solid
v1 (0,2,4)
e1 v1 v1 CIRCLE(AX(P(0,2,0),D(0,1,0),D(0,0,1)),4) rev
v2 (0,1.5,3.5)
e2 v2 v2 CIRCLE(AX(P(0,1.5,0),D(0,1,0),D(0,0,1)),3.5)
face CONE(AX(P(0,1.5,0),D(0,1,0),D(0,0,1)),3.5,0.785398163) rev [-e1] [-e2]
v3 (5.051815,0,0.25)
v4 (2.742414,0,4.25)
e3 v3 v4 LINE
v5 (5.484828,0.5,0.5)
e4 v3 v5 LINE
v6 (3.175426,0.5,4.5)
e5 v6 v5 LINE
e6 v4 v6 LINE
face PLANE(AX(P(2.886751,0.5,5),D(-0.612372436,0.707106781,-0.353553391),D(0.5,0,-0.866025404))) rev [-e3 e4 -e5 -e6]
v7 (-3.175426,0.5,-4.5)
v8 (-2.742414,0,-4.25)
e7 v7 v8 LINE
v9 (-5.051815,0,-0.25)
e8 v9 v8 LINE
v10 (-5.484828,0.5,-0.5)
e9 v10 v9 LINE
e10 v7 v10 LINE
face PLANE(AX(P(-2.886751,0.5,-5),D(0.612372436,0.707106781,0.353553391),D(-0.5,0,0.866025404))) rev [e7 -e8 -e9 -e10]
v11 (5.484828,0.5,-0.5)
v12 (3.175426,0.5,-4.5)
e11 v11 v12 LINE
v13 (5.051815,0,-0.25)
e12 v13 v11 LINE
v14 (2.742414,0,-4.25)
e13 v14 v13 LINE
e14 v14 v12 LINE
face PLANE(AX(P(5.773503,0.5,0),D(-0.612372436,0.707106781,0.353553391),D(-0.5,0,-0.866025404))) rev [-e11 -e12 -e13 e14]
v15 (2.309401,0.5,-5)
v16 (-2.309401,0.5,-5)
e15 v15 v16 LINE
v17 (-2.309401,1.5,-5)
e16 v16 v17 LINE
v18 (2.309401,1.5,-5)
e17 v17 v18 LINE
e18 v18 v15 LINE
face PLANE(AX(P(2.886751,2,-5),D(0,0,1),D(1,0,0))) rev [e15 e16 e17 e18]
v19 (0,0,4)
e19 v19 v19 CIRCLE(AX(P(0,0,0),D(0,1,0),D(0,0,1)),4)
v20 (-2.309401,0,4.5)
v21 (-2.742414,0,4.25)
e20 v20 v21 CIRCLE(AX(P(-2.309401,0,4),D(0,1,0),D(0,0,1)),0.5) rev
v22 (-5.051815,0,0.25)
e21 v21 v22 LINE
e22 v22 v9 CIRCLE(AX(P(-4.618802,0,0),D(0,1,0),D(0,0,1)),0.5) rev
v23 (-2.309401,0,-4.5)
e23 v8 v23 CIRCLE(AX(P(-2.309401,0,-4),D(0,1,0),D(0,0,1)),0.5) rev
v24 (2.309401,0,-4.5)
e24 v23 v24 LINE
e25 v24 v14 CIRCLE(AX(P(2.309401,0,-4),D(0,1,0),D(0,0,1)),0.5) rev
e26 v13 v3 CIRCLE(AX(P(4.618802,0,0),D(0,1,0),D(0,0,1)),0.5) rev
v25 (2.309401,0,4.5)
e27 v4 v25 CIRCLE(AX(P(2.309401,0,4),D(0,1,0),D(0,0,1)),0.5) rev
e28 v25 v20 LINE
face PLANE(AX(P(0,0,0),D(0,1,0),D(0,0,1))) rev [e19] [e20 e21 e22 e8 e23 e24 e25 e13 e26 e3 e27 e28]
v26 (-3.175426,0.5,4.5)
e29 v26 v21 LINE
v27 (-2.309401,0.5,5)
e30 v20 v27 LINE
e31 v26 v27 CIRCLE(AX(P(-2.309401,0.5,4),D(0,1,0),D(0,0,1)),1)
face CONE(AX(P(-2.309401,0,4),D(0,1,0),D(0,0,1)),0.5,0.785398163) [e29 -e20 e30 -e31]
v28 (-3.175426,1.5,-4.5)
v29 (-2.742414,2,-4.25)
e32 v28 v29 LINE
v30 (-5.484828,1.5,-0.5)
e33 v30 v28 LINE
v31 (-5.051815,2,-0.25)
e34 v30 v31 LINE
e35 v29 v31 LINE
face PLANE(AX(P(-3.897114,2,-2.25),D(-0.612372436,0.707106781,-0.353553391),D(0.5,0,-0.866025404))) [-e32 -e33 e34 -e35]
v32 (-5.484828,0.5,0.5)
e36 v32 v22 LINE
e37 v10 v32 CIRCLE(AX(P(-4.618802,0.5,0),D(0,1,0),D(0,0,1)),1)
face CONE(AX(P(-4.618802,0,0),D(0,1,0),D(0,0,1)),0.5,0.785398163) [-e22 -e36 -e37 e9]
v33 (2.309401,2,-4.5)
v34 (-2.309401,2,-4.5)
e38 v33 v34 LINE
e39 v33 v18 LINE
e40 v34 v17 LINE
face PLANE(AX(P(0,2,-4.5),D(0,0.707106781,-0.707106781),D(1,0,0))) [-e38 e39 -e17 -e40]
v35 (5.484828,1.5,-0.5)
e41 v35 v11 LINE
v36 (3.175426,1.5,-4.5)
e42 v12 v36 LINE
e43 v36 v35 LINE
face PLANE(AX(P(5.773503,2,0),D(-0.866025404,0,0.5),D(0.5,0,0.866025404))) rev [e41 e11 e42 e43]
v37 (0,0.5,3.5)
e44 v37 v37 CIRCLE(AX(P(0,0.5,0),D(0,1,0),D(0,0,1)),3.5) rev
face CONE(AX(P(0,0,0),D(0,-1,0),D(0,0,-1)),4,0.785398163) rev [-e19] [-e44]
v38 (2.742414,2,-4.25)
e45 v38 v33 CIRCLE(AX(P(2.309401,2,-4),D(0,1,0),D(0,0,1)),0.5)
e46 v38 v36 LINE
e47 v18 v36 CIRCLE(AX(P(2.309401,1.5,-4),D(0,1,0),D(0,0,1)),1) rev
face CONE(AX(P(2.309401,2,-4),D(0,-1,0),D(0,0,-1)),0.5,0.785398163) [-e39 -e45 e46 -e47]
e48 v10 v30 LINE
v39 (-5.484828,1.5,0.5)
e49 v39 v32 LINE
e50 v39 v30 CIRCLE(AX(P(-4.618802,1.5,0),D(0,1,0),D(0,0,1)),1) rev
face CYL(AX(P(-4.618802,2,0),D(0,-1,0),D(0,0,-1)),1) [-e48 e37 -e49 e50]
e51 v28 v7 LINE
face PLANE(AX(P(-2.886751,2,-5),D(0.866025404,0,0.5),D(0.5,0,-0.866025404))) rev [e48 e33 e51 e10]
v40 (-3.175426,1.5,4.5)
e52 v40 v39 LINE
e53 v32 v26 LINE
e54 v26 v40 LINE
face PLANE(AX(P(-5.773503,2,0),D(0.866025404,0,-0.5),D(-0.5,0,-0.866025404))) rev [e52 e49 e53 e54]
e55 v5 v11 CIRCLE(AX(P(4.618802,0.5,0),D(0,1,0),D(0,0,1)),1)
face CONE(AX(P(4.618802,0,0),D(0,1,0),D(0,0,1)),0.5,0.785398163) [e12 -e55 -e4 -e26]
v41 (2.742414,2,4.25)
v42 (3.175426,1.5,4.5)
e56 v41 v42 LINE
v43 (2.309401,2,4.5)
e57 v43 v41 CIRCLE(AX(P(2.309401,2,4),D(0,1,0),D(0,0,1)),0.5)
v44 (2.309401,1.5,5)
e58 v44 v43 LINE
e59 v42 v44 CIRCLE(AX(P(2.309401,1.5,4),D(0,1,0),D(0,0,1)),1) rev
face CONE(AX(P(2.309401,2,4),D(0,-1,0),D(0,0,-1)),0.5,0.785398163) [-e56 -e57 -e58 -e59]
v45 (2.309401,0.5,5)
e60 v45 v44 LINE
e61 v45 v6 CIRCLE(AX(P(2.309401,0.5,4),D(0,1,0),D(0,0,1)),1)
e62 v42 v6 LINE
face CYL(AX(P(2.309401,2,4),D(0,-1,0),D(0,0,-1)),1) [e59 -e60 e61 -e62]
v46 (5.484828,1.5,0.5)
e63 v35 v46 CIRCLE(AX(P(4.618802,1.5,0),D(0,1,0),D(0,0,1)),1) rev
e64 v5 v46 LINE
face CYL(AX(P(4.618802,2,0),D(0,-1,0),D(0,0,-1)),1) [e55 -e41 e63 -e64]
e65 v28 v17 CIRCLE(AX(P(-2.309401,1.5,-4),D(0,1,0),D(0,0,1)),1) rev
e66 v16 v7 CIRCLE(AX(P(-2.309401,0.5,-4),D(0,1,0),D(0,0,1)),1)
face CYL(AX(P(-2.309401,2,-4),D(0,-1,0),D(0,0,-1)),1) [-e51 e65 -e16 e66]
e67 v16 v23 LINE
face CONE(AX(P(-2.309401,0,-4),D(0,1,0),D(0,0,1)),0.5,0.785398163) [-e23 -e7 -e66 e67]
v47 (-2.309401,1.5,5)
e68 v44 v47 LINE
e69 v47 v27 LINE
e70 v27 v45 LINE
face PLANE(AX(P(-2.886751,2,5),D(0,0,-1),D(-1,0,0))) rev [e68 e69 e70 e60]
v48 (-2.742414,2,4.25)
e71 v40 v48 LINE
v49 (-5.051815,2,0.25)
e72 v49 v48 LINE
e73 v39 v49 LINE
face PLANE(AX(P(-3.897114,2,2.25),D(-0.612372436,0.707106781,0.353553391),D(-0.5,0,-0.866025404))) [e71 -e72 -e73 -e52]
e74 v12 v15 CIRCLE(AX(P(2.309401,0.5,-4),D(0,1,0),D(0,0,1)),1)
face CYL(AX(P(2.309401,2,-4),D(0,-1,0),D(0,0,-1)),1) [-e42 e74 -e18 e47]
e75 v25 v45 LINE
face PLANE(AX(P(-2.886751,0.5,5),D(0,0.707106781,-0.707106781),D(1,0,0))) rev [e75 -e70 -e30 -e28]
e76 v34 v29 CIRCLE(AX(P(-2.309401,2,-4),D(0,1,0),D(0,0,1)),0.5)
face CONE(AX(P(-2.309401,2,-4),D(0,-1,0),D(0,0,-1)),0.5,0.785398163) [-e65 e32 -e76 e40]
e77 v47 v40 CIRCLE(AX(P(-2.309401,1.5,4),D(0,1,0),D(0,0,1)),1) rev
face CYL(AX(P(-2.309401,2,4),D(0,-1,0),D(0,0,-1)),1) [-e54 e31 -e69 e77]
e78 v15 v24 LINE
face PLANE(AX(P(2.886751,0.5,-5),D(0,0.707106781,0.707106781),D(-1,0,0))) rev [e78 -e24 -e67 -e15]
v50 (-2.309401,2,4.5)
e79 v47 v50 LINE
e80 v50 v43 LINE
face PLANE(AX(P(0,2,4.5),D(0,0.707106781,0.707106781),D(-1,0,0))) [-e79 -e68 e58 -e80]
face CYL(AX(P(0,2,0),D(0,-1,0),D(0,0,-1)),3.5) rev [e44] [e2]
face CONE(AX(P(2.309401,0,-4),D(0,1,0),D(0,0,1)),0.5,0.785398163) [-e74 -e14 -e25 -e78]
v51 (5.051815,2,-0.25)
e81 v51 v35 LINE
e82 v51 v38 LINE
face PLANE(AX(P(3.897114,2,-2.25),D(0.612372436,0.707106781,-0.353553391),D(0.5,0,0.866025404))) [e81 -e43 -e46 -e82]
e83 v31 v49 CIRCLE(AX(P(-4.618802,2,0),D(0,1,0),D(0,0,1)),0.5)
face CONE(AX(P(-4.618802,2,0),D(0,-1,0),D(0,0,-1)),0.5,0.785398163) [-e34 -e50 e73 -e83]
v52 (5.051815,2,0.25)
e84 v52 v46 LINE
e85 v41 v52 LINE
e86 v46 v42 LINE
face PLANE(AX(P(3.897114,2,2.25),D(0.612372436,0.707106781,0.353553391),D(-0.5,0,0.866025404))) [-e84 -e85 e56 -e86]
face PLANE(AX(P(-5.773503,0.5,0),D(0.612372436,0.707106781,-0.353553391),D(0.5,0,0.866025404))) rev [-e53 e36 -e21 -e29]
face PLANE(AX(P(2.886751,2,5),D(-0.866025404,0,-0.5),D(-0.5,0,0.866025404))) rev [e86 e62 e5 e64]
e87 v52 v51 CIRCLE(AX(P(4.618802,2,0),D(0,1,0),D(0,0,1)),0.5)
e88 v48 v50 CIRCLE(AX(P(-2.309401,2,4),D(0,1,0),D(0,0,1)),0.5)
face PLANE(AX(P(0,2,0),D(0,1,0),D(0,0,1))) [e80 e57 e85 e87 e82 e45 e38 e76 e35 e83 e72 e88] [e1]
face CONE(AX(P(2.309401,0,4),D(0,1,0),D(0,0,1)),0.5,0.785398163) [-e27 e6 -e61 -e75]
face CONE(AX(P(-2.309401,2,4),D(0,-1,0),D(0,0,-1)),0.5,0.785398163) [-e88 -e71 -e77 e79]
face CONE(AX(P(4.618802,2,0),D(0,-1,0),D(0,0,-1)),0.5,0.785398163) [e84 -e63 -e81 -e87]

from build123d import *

# Parameters (mm, degrees)
SKETCH_1_R      = 3.5
EXTRUDE_1_DEPTH = 2
FILLET_1_R      = 1
CHAMFER_1_SIZE  = 0.5


with BuildPart() as part:
    # 草图1 → 凸台-拉伸1 (new body)
    with BuildSketch(Plane(origin=(0, 0, 0), x_dir=(1, 0, 0), z_dir=(0, 1, 0))):
        Polygon((5.773502692, 0), (2.886751346, 5), (-2.886751346, 5), (-5.773502692, 0), (-2.886751346, -5), (2.886751346, -5), align=None)
        with Locations(Location((0, 0, 0), (0, 0, 270))):
            Circle(SKETCH_1_R, mode=Mode.SUBTRACT)
    extrude(amount=EXTRUDE_1_DEPTH)

    # 圆角1
    fillet_1_edges = [part.edges().sort_by_distance(p)[0] for p in [
        (2.886751346, 1, 5),
        (-2.886751346, 1, 5),
        (-5.773502692, 1, 0),
        (-2.886751346, 1, -5),
        (2.886751346, 1, -5),
        (5.773502692, 1, 0),
    ]]
    fillet(fillet_1_edges, radius=FILLET_1_R)

    # 倒角1
    chamfer_1_edges = [part.edges().sort_by_distance(p)[0] for p in [
        (0, 0, -3.5),
        (0, 2, -3.5),
        (-4.330127019, 0, 2.5),
        (-4.330127019, 2, 2.5),
        (4.330127019, 0, 2.5),
        (0, 0, 5),
        (-4.330127019, 0, -2.5),
        (0, 0, -5),
        (4.330127019, 0, -2.5),
        (-2.809401077, 0, 4.866025404),
        (2.809401077, 0, 4.866025404),
        (5.618802154, 0, 0),
        (2.809401077, 0, -4.866025404),
        (-2.809401077, 0, -4.866025404),
        (-5.618802154, 0, 0),
        (-4.330127019, 2, -2.5),
        (4.330127019, 2, 2.5),
        (4.330127019, 2, -2.5),
        (0, 2, -5),
        (0, 2, 5),
        (-2.809401077, 2, 4.866025404),
        (2.809401077, 2, 4.866025404),
        (5.618802154, 2, 0),
        (2.809401077, 2, -4.866025404),
        (-2.809401077, 2, -4.866025404),
        (-5.618802154, 2, 0),
    ]]
    chamfer(chamfer_1_edges, length=CHAMFER_1_SIZE)


solid = part.part
